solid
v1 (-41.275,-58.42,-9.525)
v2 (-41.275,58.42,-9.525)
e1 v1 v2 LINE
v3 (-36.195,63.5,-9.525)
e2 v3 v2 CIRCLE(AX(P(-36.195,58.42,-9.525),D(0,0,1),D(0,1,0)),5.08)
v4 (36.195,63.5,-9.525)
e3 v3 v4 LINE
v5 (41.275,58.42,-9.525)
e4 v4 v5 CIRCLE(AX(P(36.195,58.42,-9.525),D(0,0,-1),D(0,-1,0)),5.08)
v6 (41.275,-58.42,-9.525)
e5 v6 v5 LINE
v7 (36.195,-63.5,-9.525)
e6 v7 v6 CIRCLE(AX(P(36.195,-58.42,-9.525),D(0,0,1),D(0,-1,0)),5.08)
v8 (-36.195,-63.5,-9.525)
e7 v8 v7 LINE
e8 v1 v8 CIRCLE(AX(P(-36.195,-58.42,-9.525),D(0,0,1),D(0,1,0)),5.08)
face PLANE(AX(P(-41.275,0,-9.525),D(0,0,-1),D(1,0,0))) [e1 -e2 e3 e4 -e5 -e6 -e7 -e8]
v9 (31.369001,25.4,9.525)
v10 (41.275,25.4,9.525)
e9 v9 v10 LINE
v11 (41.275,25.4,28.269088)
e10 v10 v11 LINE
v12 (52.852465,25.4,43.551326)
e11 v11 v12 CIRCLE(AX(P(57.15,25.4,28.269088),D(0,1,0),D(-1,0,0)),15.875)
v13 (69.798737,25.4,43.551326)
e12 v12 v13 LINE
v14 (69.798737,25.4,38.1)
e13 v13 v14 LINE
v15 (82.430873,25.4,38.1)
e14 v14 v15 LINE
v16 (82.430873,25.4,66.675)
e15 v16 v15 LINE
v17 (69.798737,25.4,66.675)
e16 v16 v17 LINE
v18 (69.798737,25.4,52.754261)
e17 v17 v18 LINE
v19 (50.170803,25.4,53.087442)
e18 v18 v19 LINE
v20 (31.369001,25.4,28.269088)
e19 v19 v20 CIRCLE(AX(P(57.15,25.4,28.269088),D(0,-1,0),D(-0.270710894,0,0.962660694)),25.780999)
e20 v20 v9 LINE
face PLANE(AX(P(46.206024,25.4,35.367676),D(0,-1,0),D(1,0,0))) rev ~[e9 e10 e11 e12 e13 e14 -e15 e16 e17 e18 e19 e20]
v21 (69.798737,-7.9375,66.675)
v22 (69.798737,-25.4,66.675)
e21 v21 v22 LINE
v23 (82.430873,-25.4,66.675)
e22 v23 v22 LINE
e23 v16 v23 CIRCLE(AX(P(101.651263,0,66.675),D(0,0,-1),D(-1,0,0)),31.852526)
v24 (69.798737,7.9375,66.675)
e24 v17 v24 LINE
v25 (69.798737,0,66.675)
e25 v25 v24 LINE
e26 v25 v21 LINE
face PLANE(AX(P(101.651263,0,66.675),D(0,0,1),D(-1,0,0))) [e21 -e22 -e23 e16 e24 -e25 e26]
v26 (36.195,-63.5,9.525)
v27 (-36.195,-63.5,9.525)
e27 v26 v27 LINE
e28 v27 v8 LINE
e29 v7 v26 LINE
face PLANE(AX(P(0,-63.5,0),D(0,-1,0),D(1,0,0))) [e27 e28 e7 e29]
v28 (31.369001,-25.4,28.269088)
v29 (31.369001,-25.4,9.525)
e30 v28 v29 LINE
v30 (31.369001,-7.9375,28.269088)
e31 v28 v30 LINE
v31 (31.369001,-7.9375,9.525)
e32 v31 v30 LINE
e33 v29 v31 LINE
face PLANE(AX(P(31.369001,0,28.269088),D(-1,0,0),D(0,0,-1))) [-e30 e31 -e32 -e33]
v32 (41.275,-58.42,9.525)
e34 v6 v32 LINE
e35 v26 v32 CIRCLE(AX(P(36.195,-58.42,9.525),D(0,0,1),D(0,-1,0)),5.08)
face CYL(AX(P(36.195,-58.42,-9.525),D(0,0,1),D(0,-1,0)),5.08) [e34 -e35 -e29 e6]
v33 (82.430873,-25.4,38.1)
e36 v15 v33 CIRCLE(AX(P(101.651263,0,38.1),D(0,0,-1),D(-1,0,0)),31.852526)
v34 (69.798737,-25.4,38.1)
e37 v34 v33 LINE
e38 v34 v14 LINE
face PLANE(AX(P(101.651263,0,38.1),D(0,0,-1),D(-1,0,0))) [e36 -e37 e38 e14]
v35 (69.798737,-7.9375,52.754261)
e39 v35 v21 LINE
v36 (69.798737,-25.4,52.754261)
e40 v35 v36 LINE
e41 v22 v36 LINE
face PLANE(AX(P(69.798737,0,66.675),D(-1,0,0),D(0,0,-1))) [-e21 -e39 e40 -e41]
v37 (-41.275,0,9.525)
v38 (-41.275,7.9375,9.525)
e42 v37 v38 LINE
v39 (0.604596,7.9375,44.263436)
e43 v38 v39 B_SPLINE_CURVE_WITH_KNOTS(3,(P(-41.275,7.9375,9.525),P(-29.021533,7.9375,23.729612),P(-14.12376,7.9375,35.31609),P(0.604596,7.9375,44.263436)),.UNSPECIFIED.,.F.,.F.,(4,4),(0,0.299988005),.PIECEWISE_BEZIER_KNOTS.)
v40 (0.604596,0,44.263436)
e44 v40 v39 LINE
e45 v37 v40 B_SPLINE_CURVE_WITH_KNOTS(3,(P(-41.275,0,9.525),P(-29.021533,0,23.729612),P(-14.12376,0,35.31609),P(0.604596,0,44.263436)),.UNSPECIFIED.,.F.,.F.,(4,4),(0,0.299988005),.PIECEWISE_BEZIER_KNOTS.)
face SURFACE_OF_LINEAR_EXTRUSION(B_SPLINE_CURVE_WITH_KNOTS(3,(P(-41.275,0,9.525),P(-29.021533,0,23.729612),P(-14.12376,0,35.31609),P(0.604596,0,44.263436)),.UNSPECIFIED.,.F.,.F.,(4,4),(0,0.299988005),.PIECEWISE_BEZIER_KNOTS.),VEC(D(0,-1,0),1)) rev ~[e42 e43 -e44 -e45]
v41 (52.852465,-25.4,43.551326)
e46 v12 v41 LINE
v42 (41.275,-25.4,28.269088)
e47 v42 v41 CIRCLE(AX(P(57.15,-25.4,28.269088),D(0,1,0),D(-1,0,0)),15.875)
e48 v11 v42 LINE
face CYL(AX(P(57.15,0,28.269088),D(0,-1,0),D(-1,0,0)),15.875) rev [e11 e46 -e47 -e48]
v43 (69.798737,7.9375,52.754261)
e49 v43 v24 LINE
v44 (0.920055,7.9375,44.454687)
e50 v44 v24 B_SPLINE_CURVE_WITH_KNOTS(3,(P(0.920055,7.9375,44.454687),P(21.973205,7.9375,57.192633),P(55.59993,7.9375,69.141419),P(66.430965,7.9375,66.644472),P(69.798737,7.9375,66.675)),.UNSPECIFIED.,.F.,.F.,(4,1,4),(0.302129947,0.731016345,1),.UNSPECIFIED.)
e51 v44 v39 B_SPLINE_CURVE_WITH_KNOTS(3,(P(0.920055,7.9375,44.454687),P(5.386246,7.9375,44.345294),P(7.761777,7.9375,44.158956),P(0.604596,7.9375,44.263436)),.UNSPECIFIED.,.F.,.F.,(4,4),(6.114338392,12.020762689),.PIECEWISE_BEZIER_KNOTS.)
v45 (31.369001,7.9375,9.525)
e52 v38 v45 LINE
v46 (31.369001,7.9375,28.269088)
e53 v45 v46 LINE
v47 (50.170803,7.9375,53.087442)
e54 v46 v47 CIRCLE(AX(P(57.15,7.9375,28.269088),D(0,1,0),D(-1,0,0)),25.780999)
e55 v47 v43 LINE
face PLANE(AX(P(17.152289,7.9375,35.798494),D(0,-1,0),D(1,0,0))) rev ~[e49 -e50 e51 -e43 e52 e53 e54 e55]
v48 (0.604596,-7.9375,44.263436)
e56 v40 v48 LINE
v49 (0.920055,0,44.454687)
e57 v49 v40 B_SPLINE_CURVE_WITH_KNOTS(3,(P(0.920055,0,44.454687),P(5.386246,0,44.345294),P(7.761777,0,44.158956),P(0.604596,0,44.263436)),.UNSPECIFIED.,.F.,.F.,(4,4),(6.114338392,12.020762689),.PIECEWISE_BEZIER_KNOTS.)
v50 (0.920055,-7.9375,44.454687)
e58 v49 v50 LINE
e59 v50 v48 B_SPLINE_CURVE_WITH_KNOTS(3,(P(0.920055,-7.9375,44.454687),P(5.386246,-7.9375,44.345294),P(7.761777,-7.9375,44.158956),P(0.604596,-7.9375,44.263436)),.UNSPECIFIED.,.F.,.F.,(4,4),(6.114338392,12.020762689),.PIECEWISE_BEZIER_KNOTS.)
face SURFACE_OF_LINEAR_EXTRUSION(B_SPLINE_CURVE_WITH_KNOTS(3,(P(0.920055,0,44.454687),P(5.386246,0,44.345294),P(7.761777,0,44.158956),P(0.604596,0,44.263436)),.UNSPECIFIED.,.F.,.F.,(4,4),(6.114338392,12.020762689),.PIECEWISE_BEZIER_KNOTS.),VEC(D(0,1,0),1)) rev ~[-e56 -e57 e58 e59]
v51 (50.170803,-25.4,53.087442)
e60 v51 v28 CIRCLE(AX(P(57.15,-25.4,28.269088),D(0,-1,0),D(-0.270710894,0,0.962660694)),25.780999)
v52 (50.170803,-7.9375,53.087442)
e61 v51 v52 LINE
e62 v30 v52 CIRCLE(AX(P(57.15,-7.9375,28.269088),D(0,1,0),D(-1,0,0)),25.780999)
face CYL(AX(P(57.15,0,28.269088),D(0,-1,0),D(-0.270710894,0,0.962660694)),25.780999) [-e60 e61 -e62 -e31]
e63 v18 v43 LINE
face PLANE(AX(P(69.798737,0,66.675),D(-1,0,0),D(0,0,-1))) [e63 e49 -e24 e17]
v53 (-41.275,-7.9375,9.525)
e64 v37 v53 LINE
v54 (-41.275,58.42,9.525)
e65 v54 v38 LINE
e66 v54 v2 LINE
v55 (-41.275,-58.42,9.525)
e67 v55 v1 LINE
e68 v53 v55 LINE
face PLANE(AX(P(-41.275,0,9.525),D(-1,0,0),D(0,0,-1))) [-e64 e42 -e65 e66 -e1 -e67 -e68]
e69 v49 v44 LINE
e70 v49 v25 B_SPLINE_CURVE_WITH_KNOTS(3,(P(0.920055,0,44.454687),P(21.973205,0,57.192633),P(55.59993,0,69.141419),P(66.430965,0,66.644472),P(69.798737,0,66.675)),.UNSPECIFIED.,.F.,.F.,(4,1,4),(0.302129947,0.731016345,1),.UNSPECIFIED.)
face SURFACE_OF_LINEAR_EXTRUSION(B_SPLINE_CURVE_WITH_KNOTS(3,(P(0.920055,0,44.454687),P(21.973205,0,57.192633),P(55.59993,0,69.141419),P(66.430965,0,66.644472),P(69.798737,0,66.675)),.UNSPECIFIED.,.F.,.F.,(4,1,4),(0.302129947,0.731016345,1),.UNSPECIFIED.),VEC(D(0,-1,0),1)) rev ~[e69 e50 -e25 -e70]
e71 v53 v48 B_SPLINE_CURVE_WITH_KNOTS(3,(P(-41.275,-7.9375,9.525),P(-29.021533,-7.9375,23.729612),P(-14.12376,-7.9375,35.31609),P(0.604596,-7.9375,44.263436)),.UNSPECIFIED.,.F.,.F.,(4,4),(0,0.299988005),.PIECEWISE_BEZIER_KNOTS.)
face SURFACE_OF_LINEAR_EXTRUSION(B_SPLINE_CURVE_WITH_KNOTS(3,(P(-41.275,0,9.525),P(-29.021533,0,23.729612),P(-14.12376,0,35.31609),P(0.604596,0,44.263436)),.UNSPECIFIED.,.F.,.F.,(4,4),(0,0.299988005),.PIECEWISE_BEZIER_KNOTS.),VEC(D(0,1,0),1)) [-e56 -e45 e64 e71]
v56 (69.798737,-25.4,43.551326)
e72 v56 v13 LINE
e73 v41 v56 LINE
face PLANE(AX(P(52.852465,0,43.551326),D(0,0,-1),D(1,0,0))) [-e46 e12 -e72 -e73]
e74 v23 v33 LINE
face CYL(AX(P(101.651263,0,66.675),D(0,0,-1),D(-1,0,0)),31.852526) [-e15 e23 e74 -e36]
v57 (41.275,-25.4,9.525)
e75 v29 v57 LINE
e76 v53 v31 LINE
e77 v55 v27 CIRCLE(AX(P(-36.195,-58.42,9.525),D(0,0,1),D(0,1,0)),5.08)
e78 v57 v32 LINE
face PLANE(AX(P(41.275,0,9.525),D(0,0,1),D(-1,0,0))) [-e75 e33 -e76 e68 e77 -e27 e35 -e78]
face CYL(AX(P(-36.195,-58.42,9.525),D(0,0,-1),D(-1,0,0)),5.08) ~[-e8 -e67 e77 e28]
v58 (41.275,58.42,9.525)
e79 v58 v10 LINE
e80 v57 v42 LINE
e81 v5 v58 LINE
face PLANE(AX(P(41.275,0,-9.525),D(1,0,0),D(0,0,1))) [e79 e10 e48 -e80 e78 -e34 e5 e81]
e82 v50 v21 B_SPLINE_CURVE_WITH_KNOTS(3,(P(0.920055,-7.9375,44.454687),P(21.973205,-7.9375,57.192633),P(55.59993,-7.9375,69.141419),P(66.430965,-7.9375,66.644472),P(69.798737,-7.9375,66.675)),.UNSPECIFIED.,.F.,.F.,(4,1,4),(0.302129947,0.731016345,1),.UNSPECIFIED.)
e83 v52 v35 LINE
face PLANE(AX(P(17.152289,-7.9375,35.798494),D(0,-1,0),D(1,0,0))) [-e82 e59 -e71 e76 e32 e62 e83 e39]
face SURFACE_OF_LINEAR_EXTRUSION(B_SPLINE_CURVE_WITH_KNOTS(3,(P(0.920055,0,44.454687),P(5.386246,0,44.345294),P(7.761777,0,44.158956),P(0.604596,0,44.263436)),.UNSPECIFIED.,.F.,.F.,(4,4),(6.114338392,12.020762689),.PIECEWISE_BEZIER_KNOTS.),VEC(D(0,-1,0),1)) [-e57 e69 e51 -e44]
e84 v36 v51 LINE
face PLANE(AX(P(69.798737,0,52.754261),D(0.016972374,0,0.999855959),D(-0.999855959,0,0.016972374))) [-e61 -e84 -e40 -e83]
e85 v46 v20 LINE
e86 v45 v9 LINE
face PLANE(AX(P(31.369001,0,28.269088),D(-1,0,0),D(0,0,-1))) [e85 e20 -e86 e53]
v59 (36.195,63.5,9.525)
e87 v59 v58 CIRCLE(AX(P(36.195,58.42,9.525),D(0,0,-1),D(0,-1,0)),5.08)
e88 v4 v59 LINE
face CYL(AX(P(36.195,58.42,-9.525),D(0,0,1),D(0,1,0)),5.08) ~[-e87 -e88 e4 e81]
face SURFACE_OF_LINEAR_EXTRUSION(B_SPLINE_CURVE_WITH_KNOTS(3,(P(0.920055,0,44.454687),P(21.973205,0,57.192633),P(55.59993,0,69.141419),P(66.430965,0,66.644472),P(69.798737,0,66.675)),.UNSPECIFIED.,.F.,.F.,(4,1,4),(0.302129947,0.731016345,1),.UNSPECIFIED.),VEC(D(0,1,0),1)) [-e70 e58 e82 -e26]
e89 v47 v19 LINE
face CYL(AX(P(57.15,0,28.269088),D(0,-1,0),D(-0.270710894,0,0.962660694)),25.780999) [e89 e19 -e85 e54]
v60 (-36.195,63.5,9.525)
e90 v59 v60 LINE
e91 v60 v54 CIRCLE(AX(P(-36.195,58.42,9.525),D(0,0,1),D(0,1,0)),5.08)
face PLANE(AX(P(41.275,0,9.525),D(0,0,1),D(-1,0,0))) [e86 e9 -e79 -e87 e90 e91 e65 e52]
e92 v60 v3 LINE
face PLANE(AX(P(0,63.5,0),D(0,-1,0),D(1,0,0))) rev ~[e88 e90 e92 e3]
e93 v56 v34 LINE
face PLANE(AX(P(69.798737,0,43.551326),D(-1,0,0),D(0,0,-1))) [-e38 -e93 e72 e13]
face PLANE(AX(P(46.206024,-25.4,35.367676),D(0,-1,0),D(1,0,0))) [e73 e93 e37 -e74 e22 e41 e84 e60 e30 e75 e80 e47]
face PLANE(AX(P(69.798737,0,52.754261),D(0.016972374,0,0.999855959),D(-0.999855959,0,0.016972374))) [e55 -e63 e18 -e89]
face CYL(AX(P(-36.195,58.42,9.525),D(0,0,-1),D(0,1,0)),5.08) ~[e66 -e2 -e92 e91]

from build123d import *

# Parameters (mm, degrees)
F1_DEPTH = 63.5
F2_DEPTH = 25.4
F3_DEPTH = 7.9375
F5_R     = 5.08


with BuildPart() as f1:
    # F0 (on Front) → F1 (new body, symmetric)
    with BuildSketch(Plane.XZ):
        Polygon((41.275, -9.525), (41.275, 9.525), (31.3690012749, 9.525), (-41.275, 9.525), (-41.275, -9.525), align=None)
    extrude(amount=F1_DEPTH, both=True)

    # F0 (on Front) → F2 (join, symmetric)
    with BuildSketch(Plane.XZ):
        with BuildLine():
            Line((31.3690012749, 9.525), (41.275, 9.525))
            Line((41.275, 9.525), (41.275, 28.2690877087))
            ThreePointArc((41.275, 28.2690877087), (44.4961665848, 37.8553343621), (52.8524645544, 43.5513262258))
            Line((52.8524645544, 43.5513262258), (69.7987371812, 43.5513262258))
            Line((69.7987371812, 43.5513262258), (69.7987371812, 52.7542612036))
            Line((69.7987371812, 52.7542612036), (50.1708027815, 53.0874418332))
            ThreePointArc((50.1708027815, 53.0874418332), (36.6001755499, 43.837151504), (31.3690012749, 28.2690877087))
            Line((31.3690012749, 28.2690877087), (31.3690012749, 9.525))
        make_face()
        Polygon((69.7987371812, 52.7542612036), (69.7987371812, 43.5513262258), (69.7987371812, 38.1), (101.6512628188, 38.1), (101.6512628188, 66.675), (69.7987371812, 66.675), align=None)
    extrude(amount=F2_DEPTH, both=True)

    # F0 (on Front) → F3 (join, symmetric)
    with BuildSketch(Plane.XZ):
        with BuildLine():
            Line((-41.275, 9.525), (31.3690012749, 9.525))
            Line((31.3690012749, 9.525), (31.3690012749, 28.2690877087))
            ThreePointArc((31.3690012749, 28.2690877087), (36.6001755499, 43.837151504), (50.1708027815, 53.0874418332))
            Line((50.1708027815, 53.0874418332), (69.7987371812, 52.7542612036))
            Line((69.7987371812, 52.7542612036), (69.7987371812, 66.675))
            add(Edge.make_bspline(
                [(0.9200547216, 44.4546873168), (21.9732050528, 57.1926332926), (55.5999299853, 69.1414192126), (66.4309648739, 66.6444715672), (69.7987371812, 66.675)],
                knots=[0.3021299469, 0.3021299469, 0.3021299469, 0.3021299469, 0.7310163448, 1, 1, 1, 1], degree=3))
            add(Edge.make_bspline(
                [(0.9200547224, 44.4546873157), (5.3862455156, 44.3452942524), (7.7617773977, 44.1589559848), (0.6045961391, 44.2634363016)],
                knots=[6.1143383921, 6.1143383921, 6.1143383921, 6.1143383921, 12.0207626888, 12.0207626888, 12.0207626888, 12.0207626888], degree=3))
            add(Edge.make_bspline(
                [(-41.275, 9.525), (-29.0215326785, 23.7296115654), (-14.1237601662, 35.3160902289), (0.6045961391, 44.2634363016)],
                knots=[0, 0, 0, 0, 0.2999880046, 0.2999880046, 0.2999880046, 0.2999880046], degree=3))
        make_face()
    extrude(amount=F3_DEPTH, both=True)

    # F0 (on Front) → F4 (revolve)
    with BuildSketch(Plane.XZ):
        Polygon((69.7987371812, 52.7542612036), (69.7987371812, 43.5513262258), (69.7987371812, 38.1), (101.6512628188, 38.1), (101.6512628188, 66.675), (69.7987371812, 66.675), align=None)
    revolve(axis=Axis((101.6512628188, 0, 52.3875), (0, 0, -1)))

    # F5
    f5_edges = [f1.edges().sort_by_distance(p)[0] for p in [
        (-41.275, -63.5, 0),
        (41.275, -63.5, 0),
        (-41.275, 63.5, 0),
        (41.275, 63.5, 0),
    ]]
    fillet(f5_edges, radius=F5_R)


solid = f1.part
